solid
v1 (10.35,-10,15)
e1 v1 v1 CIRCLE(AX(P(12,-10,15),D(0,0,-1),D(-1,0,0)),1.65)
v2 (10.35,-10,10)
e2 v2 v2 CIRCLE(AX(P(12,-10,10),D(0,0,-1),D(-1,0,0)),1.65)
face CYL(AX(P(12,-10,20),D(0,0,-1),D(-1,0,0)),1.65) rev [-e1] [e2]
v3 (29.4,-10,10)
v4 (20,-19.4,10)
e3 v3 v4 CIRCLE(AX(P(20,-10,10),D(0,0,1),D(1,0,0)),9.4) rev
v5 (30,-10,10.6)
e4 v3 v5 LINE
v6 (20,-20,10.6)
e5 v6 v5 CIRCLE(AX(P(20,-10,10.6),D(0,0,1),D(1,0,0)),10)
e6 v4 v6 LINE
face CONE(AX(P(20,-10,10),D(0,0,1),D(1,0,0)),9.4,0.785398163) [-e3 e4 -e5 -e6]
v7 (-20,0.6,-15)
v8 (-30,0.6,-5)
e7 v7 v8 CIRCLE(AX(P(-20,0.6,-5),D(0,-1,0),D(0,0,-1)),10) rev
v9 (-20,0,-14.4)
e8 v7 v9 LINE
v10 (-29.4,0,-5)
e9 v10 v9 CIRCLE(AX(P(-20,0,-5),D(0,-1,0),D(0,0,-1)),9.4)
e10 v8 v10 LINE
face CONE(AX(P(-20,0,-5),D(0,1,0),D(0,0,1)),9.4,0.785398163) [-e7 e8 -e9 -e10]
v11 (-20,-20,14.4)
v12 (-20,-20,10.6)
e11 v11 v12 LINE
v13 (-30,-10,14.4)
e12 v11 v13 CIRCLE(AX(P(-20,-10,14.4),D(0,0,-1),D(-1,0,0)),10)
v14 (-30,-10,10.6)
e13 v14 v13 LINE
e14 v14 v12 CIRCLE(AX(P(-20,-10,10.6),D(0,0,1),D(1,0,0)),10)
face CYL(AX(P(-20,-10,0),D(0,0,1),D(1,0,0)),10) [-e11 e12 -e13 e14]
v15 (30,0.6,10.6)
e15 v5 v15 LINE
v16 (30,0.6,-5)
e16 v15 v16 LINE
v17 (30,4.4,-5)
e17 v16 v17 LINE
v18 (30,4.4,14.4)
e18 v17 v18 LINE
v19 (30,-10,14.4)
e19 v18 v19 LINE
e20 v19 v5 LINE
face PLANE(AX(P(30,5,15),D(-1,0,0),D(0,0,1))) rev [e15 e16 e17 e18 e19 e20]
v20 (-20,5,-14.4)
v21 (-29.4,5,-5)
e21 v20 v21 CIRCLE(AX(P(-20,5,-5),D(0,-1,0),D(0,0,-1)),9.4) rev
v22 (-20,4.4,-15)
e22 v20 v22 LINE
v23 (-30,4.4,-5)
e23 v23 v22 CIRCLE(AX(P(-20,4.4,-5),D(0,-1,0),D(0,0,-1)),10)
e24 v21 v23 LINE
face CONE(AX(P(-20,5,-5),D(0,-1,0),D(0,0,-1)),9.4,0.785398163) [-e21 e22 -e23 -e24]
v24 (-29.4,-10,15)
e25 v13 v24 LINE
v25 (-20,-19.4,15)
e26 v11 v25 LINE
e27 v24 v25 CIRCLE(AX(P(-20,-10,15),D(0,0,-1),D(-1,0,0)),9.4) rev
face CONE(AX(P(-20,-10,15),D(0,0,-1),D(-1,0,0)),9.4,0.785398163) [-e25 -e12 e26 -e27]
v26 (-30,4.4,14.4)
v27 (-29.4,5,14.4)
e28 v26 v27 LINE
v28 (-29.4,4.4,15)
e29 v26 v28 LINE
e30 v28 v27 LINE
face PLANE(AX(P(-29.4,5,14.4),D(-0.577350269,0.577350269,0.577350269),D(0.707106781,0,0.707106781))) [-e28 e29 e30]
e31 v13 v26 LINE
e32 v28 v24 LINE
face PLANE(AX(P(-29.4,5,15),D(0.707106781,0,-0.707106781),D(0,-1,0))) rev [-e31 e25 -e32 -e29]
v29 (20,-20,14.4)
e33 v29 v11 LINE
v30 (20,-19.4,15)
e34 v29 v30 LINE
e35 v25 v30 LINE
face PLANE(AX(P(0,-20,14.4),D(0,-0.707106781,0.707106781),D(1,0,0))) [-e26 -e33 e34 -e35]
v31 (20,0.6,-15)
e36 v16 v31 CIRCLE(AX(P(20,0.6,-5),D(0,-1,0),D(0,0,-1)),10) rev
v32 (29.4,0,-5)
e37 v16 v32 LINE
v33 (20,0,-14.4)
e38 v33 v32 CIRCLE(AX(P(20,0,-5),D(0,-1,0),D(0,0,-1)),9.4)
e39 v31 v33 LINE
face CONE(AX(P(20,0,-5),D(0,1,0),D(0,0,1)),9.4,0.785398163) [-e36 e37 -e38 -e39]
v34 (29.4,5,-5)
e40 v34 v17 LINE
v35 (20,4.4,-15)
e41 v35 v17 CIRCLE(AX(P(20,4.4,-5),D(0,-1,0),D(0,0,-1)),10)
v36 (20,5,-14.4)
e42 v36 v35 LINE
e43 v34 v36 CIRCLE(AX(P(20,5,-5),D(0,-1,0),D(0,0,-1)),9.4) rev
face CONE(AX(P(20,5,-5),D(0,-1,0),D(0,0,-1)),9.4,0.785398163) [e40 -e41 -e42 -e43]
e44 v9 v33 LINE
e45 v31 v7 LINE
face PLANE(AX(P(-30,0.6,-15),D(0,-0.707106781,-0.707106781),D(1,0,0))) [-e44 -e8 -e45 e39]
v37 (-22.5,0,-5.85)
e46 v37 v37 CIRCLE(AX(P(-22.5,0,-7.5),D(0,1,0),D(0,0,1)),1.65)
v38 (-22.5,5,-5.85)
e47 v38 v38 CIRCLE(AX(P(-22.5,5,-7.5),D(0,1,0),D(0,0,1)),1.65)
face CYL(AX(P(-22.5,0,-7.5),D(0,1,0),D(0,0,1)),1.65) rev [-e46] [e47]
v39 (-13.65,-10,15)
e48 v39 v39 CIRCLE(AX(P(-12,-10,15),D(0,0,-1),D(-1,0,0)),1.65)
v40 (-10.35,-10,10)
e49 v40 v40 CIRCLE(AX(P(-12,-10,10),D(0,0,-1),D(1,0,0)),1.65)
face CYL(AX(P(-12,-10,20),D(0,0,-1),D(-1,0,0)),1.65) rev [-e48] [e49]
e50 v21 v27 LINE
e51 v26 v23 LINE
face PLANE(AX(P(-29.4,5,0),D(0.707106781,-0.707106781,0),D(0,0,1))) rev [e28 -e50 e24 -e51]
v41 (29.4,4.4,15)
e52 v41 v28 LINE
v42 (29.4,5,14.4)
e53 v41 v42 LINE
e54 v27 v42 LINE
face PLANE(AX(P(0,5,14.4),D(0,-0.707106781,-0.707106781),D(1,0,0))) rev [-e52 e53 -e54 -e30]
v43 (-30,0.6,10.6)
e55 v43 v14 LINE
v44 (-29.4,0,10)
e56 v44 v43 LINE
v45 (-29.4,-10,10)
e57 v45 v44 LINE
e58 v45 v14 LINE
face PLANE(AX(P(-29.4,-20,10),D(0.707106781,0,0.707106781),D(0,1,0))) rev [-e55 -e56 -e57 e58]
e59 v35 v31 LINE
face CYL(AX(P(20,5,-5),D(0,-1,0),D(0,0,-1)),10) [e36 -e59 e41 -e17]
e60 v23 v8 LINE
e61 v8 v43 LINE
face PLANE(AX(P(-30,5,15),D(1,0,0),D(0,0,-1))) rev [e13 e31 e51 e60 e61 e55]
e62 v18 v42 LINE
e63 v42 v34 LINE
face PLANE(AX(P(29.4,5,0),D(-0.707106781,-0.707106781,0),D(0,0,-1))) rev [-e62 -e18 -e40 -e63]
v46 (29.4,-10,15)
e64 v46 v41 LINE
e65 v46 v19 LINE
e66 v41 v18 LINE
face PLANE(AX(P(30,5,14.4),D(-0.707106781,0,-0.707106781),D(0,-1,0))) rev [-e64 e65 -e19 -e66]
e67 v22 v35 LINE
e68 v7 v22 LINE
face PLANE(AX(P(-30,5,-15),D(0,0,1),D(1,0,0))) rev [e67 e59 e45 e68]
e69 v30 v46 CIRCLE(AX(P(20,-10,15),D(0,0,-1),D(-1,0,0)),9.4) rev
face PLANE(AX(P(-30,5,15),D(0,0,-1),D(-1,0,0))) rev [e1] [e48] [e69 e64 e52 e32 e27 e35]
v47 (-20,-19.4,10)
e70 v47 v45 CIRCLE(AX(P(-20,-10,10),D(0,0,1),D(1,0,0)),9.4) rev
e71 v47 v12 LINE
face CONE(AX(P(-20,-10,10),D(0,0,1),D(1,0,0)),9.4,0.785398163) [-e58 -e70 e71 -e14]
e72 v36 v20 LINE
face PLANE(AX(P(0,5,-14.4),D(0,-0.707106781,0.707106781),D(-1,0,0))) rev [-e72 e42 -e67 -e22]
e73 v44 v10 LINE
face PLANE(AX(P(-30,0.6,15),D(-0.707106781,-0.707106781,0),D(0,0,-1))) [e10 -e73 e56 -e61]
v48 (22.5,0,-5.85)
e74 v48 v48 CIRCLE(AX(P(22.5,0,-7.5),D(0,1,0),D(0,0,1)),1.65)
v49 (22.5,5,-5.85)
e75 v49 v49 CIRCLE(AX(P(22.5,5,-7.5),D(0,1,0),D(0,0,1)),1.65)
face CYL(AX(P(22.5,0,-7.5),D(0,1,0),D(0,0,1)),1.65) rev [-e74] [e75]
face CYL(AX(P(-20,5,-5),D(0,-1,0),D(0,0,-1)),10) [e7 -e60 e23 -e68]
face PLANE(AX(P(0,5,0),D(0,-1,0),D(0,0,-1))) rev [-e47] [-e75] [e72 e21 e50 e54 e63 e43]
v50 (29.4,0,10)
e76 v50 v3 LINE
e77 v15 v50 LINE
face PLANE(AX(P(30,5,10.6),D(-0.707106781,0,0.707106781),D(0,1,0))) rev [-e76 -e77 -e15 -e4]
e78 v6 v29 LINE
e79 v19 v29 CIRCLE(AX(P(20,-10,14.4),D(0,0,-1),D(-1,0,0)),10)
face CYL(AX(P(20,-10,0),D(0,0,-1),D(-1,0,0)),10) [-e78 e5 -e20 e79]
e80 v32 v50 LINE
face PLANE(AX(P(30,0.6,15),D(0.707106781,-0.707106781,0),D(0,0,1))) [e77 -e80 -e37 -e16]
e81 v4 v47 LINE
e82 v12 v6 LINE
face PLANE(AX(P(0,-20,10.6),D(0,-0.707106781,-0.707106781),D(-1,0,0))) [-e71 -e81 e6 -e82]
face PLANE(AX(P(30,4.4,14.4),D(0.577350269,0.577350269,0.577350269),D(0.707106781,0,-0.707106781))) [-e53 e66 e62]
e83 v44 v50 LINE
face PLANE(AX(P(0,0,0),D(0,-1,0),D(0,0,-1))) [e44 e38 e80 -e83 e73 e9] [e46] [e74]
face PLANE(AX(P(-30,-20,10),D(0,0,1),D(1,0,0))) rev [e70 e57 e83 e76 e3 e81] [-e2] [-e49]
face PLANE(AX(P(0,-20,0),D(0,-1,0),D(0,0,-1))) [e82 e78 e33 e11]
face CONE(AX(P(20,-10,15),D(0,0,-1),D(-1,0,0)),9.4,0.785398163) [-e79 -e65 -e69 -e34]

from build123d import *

# Parameters (mm, degrees)
SKETCH1_W           = 60
SKETCH1_H           = 30
BOSS_EXTRUDE1_DEPTH = 5
SKETCH2_R           = 1.65
CUT_EXTRUDE1_DEPTH  = 34.911649916
SKETCH3_W           = 60
SKETCH3_H           = 5
BOSS_EXTRUDE2_DEPTH = 20
SKETCH4_R           = 1.65
CUT_EXTRUDE2_DEPTH  = 10
FILLET1_R           = 10
CHAMFER1_SIZE       = 0.6


with BuildPart() as part:
    # Sketch1 → Boss-Extrude1 (new body)
    with BuildSketch(Plane(origin=(0, 0, 0), x_dir=(1, 0, 0), z_dir=(0, 1, 0))):
        Rectangle(SKETCH1_W, SKETCH1_H)
    extrude(amount=BOSS_EXTRUDE1_DEPTH)

    # Sketch2 → Cut-Extrude1 (cut, through all)
    with BuildSketch(Plane(origin=(0, 5, 0), x_dir=(1, 0, 0), z_dir=(0, 1, 0))):
        with Locations(Location((-22.5, 7.5, 0), (0, 0, 270))):
            Circle(SKETCH2_R)
        with Locations(Location((22.5, 7.5, 0), (0, 0, 270))):
            Circle(SKETCH2_R)
    extrude(amount=-CUT_EXTRUDE1_DEPTH, mode=Mode.SUBTRACT)

    # Sketch3 → Boss-Extrude2 (add)
    with BuildSketch(Plane.XZ):
        with Locations((0, 12.5)):
            Rectangle(SKETCH3_W, SKETCH3_H)
    extrude(amount=BOSS_EXTRUDE2_DEPTH)

    # Sketch4 → Cut-Extrude2 (cut)
    with BuildSketch(Plane(origin=(0, 0, 10), x_dir=(-1, 0, 0), z_dir=(0, 0, -1))):
        with Locations((-12, -10)):
            Circle(SKETCH4_R)
        with Locations((12, -10)):
            Circle(SKETCH4_R)
    extrude(amount=-CUT_EXTRUDE2_DEPTH, mode=Mode.SUBTRACT)

    # Fillet1
    fillet1_edges = [part.edges().sort_by_distance(p)[0] for p in [
        (-30, -20, 12.5),
        (30, -20, 12.5),
        (-30, 2.5, -15),
        (30, 2.5, -15),
    ]]
    fillet(fillet1_edges, radius=FILLET1_R)

    # Chamfer1
    chamfer1_edges = [part.edges().sort_by_distance(p)[0] for p in [
        (0, 5, 15),
        (30, 0, 2.5),
        (0, -20, 10),
        (0, -20, 15),
        (30, -5, 10),
        (-30, -5, 10),
        (27.071067812, -17.071067812, 10),
        (-27.071067812, -17.071067812, 10),
        (30, 5, 5),
        (-30, 0, 2.5),
        (-30, 5, 5),
        (27.071067812, -17.071067812, 15),
        (-27.071067812, -17.071067812, 15),
        (0, 0, -15),
        (27.071067812, 0, -12.071067812),
        (-27.071067812, 0, -12.071067812),
        (0, 5, -15),
        (27.071067812, 5, -12.071067812),
        (-27.071067812, 5, -12.071067812),
        (30, -2.5, 15),
        (-30, -2.5, 15),
    ]]
    chamfer(chamfer1_edges, length=CHAMFER1_SIZE)


solid = part.part
